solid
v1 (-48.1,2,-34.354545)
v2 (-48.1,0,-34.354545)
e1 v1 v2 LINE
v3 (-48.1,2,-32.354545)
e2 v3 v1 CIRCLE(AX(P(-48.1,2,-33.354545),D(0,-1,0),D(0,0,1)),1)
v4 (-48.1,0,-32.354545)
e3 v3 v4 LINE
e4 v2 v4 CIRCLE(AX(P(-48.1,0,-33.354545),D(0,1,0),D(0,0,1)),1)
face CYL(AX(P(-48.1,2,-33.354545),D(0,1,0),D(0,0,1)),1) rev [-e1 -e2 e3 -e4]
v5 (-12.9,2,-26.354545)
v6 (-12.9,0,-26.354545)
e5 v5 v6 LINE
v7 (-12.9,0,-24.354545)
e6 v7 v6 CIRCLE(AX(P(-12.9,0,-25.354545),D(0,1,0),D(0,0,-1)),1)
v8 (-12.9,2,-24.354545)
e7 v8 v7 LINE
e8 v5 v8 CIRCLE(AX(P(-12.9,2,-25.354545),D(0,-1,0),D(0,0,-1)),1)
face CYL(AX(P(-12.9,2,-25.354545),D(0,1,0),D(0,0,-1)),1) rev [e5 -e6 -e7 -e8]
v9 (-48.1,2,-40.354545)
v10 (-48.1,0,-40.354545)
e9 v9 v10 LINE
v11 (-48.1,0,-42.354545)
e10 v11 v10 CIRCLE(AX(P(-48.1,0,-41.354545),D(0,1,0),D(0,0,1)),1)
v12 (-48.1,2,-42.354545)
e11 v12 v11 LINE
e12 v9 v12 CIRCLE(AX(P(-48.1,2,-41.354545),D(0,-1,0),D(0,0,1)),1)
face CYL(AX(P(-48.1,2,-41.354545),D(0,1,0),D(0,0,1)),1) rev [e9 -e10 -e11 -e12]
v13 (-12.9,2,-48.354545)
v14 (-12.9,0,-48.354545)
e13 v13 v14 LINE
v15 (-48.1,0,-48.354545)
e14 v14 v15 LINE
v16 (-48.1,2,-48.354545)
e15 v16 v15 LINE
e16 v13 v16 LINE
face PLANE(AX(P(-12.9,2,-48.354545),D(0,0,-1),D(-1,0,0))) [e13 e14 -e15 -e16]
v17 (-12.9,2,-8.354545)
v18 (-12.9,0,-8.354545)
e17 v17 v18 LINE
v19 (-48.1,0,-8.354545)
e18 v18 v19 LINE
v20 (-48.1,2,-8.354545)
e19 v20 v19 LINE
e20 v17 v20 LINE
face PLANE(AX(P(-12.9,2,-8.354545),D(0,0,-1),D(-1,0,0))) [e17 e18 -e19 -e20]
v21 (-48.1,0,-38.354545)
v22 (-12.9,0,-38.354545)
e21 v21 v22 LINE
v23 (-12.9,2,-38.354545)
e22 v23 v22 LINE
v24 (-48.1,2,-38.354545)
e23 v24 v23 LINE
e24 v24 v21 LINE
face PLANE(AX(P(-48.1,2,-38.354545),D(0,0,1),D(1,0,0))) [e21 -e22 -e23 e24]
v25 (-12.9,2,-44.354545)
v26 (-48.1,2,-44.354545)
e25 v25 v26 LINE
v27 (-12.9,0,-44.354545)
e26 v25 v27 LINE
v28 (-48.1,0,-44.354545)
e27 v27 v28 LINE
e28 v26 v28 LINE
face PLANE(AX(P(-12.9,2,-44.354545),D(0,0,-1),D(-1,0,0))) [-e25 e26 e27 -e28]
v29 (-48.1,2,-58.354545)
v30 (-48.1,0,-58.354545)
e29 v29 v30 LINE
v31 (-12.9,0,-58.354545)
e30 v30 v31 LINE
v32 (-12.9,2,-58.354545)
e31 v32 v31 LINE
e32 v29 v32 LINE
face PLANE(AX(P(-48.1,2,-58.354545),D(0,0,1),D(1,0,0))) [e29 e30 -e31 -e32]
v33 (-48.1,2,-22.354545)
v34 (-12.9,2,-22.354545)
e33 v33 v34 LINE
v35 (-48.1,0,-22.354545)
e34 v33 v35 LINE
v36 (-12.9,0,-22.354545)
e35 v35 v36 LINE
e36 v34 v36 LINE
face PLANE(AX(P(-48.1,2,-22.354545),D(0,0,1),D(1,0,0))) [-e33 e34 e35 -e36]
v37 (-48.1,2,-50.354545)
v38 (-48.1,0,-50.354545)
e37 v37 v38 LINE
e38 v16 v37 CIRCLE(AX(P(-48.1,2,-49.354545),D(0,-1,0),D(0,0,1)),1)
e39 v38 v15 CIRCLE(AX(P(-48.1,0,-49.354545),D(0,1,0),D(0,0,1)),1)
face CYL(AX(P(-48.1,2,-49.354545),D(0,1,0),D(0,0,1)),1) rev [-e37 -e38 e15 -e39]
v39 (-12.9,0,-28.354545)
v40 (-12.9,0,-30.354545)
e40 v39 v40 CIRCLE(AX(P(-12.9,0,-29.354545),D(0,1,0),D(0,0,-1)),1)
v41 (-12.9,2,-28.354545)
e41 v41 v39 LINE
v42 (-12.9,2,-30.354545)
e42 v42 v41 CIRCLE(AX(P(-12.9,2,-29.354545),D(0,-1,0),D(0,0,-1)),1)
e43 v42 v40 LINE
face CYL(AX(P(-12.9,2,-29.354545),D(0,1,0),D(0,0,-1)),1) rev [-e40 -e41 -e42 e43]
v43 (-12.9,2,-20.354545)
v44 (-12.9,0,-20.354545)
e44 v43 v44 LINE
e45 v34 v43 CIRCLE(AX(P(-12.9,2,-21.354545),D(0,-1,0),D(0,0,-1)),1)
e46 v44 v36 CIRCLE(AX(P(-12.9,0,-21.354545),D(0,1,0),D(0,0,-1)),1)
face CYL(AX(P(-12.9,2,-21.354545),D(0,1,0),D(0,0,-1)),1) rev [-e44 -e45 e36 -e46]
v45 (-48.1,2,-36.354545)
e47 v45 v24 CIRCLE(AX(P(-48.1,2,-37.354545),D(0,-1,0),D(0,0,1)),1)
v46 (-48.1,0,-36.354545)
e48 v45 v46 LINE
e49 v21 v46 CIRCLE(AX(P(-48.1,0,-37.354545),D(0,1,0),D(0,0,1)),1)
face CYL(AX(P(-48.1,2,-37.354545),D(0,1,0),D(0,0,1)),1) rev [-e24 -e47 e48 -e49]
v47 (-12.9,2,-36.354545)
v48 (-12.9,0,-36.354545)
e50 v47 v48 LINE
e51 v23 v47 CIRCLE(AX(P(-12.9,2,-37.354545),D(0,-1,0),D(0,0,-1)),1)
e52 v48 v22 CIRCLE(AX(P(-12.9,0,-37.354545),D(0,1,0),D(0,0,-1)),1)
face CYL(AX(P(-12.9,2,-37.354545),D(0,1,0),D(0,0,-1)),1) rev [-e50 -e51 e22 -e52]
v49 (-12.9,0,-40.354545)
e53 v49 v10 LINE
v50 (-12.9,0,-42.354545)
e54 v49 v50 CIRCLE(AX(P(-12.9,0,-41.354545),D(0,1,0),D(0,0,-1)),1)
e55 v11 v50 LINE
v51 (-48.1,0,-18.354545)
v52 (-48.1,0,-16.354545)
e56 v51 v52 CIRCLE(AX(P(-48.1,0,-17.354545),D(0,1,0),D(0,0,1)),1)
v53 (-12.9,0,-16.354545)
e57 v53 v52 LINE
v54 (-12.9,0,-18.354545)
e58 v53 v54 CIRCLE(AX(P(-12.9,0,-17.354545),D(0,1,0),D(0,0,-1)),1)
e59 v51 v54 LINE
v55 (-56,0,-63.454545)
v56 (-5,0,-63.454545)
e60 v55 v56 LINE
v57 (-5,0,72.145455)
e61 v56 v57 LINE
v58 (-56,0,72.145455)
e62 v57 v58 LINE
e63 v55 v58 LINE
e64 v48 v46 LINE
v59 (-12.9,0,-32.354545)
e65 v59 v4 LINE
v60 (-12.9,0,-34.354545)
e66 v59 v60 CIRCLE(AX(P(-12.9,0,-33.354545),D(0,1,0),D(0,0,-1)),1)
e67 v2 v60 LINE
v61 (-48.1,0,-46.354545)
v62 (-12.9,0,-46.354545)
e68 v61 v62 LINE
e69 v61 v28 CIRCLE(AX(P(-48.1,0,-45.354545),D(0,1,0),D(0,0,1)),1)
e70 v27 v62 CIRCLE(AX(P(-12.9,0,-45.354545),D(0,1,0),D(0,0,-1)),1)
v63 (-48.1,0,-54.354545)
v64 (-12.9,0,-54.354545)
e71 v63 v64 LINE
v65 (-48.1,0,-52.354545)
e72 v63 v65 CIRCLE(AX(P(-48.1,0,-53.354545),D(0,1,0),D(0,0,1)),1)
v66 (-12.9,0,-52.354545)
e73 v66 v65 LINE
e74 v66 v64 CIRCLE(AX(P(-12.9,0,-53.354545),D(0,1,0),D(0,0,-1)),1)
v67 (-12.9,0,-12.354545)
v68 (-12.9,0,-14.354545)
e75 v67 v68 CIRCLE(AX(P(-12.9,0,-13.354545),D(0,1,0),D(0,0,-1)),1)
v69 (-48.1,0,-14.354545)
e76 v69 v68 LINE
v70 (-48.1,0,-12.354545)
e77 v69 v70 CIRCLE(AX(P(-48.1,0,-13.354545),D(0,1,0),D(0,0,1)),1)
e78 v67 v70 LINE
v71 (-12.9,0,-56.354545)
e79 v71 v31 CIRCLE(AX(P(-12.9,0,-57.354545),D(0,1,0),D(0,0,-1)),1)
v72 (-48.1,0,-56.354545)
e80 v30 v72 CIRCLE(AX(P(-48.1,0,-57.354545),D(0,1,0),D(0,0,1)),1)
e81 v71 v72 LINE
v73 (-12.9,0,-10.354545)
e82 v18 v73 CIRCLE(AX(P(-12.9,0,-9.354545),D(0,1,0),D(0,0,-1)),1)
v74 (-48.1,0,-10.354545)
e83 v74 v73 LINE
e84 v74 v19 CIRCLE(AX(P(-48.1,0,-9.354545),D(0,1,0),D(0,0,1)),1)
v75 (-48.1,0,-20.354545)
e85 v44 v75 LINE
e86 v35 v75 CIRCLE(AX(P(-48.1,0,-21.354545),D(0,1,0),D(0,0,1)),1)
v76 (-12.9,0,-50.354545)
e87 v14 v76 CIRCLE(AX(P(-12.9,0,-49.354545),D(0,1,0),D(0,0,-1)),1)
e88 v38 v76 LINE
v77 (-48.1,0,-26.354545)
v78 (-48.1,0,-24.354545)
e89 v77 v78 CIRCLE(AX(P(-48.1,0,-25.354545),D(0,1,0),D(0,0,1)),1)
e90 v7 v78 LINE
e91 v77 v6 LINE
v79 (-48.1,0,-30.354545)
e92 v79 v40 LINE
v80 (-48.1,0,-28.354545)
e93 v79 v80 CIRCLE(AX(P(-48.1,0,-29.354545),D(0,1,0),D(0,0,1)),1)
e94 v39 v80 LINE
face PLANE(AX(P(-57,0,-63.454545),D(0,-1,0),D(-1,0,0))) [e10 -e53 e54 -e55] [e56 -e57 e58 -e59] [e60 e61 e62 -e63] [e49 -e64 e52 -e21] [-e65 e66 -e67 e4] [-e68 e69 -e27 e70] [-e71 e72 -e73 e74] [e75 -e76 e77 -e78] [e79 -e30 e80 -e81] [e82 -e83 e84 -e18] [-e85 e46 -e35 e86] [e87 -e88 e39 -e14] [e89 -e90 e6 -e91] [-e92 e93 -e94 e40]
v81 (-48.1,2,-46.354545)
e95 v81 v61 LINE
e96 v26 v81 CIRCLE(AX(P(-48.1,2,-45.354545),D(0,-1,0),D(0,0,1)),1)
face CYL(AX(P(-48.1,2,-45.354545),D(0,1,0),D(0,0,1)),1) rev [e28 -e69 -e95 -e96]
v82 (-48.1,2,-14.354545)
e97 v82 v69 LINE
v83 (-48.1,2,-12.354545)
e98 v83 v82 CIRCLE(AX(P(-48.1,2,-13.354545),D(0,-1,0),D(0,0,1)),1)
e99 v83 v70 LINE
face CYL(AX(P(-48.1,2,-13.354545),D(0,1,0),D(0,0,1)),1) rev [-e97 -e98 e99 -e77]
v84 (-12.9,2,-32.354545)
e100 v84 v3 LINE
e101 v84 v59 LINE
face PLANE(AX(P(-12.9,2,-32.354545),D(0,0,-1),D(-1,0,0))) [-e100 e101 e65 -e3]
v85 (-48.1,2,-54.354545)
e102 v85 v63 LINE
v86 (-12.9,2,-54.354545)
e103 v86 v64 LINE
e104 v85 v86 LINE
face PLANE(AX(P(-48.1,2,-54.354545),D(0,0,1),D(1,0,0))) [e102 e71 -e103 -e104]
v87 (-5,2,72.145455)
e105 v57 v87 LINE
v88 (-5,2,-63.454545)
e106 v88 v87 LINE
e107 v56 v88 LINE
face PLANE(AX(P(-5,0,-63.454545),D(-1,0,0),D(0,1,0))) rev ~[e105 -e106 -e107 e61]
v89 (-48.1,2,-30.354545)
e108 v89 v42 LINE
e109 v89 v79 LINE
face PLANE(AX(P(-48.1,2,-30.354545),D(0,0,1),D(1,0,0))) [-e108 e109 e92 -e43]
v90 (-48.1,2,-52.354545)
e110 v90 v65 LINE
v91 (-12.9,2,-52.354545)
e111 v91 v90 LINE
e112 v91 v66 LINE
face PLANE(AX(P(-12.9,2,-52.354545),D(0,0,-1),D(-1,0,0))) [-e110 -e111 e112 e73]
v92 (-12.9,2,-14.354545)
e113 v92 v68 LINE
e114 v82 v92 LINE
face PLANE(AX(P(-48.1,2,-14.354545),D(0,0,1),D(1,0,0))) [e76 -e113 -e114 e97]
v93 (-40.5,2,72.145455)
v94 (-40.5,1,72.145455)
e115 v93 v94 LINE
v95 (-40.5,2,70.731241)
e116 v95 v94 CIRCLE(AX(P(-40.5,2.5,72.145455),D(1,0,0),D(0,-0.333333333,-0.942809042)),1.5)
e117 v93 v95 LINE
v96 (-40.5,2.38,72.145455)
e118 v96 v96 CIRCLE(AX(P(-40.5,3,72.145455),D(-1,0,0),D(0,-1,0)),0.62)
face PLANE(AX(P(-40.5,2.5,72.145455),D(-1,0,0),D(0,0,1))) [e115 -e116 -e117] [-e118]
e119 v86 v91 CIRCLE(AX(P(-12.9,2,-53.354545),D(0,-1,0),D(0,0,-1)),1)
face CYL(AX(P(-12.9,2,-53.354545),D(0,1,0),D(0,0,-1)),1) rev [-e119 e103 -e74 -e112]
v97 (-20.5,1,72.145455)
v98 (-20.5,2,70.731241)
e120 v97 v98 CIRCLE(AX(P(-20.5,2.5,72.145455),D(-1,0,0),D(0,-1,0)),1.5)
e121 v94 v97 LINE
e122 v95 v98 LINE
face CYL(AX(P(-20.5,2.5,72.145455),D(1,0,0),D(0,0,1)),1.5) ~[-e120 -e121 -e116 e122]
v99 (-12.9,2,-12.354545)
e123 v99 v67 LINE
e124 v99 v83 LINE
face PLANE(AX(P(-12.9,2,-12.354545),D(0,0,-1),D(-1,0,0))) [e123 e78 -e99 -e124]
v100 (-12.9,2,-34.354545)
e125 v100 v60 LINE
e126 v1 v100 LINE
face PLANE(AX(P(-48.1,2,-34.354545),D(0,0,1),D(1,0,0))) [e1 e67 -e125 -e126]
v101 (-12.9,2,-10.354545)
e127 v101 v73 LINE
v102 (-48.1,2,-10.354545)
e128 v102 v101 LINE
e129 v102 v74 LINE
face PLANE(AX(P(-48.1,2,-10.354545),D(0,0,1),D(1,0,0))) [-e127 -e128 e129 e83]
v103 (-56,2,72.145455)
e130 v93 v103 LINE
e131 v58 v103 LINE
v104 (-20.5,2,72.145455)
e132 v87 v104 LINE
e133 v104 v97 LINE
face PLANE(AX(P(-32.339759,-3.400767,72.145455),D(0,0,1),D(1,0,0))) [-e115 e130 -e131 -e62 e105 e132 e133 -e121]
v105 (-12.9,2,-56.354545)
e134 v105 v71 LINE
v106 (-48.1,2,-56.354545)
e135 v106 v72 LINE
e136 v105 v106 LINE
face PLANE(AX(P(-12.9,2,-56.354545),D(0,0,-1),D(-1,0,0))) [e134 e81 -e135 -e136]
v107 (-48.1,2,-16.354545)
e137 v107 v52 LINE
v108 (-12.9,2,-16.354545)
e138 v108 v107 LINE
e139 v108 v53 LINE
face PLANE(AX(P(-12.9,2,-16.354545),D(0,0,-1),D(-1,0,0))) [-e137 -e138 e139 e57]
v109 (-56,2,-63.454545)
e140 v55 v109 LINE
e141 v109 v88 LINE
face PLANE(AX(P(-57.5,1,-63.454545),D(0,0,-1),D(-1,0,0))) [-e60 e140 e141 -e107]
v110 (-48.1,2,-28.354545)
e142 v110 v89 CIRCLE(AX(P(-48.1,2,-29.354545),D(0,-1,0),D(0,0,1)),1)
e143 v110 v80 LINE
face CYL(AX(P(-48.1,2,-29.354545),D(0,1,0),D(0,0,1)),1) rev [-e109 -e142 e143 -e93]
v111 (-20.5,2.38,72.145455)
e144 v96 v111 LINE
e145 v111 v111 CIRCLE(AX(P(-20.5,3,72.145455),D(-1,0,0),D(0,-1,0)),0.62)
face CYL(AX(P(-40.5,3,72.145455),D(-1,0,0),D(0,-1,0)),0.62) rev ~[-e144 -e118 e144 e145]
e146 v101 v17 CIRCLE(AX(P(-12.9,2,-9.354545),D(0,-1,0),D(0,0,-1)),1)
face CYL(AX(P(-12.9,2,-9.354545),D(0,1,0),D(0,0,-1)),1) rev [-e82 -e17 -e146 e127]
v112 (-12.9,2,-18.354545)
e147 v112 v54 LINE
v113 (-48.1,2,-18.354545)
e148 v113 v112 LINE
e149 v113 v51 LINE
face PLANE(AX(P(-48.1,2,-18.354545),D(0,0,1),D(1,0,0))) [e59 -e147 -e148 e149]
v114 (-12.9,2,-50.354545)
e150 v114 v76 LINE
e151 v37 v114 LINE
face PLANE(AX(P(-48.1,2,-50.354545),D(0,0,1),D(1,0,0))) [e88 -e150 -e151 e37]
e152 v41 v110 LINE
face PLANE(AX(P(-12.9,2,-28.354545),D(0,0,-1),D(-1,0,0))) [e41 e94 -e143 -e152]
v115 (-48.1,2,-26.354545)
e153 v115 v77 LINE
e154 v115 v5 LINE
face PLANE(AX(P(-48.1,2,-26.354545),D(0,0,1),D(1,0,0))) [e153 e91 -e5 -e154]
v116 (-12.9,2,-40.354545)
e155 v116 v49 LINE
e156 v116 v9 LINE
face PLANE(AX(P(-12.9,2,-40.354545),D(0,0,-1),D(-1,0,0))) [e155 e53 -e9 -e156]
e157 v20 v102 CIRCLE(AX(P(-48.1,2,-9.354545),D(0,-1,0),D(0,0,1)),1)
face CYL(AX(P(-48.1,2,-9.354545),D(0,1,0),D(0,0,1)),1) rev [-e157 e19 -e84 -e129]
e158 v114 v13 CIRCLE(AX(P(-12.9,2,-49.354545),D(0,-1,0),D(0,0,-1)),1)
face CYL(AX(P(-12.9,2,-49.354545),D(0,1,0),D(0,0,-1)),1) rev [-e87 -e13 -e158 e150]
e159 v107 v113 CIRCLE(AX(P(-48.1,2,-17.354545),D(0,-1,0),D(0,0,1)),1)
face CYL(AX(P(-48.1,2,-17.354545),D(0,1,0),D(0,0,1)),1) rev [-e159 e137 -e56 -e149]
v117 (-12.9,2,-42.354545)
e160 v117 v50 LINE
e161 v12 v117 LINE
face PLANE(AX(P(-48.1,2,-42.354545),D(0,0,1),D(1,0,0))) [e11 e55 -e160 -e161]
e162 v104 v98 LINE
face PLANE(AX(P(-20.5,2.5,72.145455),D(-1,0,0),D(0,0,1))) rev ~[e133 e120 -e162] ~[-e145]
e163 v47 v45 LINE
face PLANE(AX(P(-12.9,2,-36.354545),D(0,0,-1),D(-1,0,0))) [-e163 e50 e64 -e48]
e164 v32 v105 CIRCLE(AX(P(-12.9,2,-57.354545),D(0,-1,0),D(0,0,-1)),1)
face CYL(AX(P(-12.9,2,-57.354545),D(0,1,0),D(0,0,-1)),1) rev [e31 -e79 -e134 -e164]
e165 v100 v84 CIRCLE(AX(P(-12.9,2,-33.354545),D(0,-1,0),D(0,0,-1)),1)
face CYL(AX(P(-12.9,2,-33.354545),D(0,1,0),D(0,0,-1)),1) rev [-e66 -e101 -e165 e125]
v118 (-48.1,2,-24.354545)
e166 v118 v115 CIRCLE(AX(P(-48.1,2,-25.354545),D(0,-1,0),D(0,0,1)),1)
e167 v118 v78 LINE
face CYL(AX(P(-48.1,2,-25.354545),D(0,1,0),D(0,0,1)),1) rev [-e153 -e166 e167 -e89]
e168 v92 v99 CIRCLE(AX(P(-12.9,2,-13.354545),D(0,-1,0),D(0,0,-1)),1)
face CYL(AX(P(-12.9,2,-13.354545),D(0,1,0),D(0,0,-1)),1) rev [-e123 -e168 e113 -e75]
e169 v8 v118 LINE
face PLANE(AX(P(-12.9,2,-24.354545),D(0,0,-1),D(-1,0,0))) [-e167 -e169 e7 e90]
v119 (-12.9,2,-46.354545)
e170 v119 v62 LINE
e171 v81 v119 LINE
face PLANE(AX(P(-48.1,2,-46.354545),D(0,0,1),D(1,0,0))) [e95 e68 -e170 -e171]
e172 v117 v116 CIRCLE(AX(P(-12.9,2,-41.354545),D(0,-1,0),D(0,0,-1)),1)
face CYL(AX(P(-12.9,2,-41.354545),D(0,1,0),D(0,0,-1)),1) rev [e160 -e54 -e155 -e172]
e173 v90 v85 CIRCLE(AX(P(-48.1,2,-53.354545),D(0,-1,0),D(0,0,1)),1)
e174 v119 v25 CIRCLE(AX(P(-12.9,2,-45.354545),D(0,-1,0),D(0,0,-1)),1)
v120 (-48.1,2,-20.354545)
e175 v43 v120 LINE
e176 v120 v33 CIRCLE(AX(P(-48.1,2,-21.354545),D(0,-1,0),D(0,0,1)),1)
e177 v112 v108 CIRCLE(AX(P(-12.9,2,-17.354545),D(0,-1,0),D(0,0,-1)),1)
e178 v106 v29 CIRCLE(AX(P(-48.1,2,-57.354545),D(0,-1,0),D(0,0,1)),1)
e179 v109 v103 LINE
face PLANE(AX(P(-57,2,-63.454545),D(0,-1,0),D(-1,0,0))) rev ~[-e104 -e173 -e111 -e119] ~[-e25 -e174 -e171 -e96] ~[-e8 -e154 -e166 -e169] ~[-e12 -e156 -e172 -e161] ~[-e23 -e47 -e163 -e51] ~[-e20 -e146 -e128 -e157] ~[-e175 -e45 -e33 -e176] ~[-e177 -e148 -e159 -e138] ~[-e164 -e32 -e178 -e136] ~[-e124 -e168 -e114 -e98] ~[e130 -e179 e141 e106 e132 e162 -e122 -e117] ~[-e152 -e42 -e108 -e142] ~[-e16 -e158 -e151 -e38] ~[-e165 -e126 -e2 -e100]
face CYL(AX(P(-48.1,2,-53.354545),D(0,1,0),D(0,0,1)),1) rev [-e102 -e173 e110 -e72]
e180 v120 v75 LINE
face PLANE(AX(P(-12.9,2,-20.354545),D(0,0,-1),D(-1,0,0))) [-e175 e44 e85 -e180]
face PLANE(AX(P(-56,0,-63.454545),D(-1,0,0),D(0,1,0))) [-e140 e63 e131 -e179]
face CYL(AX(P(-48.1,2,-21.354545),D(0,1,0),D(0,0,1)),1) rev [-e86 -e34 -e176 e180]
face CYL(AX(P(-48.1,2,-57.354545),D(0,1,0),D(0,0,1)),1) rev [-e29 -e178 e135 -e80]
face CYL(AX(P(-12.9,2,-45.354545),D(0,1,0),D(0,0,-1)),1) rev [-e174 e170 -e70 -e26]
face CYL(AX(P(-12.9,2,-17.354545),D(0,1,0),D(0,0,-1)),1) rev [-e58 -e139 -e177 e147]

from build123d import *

# Parameters (mm, degrees)
SKETCH1_W                = 51
SKETCH1_H                = 136
BOSS_EXTRUDE1_DEPTH      = 2
CUT_EXTRUDE1_DEPTH       = 10
SKETCH5_W                = 1
SKETCH5_H                = 2
BOSS_EXTRUDE2_DEPTH      = 136
SKETCH6_W                = 1
SKETCH6_H                = 2
BOSS_EXTRUDE3_DEPTH      = 136
SKETCH7_W                = 68.795835126
SKETCH7_H                = 26.425628728
CUT_EXTRUDE2_DEPTH       = 0.4
SKETCH8_W                = 2
SKETCH8_H                = 2
CUT_EXTRUDE3_DEPTH       = 135.6
BOSS_EXTRUDE6_DEPTH      = 10
BOSS_EXTRUDE6_DEPTH_BACK = 10
SKETCH11_R               = 1.5
SKETCH14_R               = 0.62
CUT_EXTRUDE5_DEPTH       = 20


with BuildPart() as part:
    # Sketch1 → Boss-Extrude1 (new body)
    with BuildSketch(Plane(origin=(0, 0, 0), x_dir=(1, 0, 0), z_dir=(0, 1, 0))):
        with Locations((-30.5, -4.545454545)):
            Rectangle(SKETCH1_W, SKETCH1_H)
    extrude(amount=BOSS_EXTRUDE1_DEPTH)

    # Sketch4 → Cut-Extrude1 (cut)
    with BuildSketch(Plane(origin=(0, 2, 0), x_dir=(1, 0, 0), z_dir=(0, 1, 0))):
        with BuildLine():
            Line((-48.1, 58.354545455), (-12.9, 58.354545455))
            ThreePointArc((-12.9, 58.354545455), (-11.9, 57.354545455), (-12.9, 56.354545455))
            Line((-12.9, 56.354545455), (-48.1, 56.354545455))
            ThreePointArc((-48.1, 56.354545455), (-49.1, 57.354545455), (-48.1, 58.354545455))
        make_face()
        with BuildLine():
            Line((-48.1, 54.354545455), (-12.9, 54.354545455))
            ThreePointArc((-12.9, 54.354545455), (-11.9, 53.354545455), (-12.9, 52.354545455))
            Line((-12.9, 52.354545455), (-48.1, 52.354545455))
            ThreePointArc((-48.1, 52.354545455), (-49.1, 53.354545455), (-48.1, 54.354545455))
        make_face()
        with BuildLine():
            Line((-48.1, 50.354545455), (-12.9, 50.354545455))
            ThreePointArc((-12.9, 50.354545455), (-11.9, 49.354545455), (-12.9, 48.354545455))
            Line((-12.9, 48.354545455), (-48.1, 48.354545455))
            ThreePointArc((-48.1, 48.354545455), (-49.1, 49.354545455), (-48.1, 50.354545455))
        make_face()
        with BuildLine():
            Line((-48.1, 46.354545455), (-12.9, 46.354545455))
            ThreePointArc((-12.9, 46.354545455), (-11.9, 45.354545455), (-12.9, 44.354545455))
            Line((-12.9, 44.354545455), (-48.1, 44.354545455))
            ThreePointArc((-48.1, 44.354545455), (-49.1, 45.354545455), (-48.1, 46.354545455))
        make_face()
        with BuildLine():
            Line((-48.1, 42.354545455), (-12.9, 42.354545455))
            ThreePointArc((-12.9, 42.354545455), (-11.9, 41.354545455), (-12.9, 40.354545455))
            Line((-12.9, 40.354545455), (-48.1, 40.354545455))
            ThreePointArc((-48.1, 40.354545455), (-49.1, 41.354545455), (-48.1, 42.354545455))
        make_face()
        with BuildLine():
            Line((-48.1, 38.354545455), (-12.9, 38.354545455))
            ThreePointArc((-12.9, 38.354545455), (-11.9, 37.354545455), (-12.9, 36.354545455))
            Line((-12.9, 36.354545455), (-48.1, 36.354545455))
            ThreePointArc((-48.1, 36.354545455), (-49.1, 37.354545455), (-48.1, 38.354545455))
        make_face()
        with BuildLine():
            Line((-48.1, 34.354545455), (-12.9, 34.354545455))
            ThreePointArc((-12.9, 34.354545455), (-11.9, 33.354545455), (-12.9, 32.354545455))
            Line((-12.9, 32.354545455), (-48.1, 32.354545455))
            ThreePointArc((-48.1, 32.354545455), (-49.1, 33.354545455), (-48.1, 34.354545455))
        make_face()
        with BuildLine():
            Line((-48.1, 30.354545455), (-12.9, 30.354545455))
            ThreePointArc((-12.9, 30.354545455), (-11.9, 29.354545455), (-12.9, 28.354545455))
            Line((-12.9, 28.354545455), (-48.1, 28.354545455))
            ThreePointArc((-48.1, 28.354545455), (-49.1, 29.354545455), (-48.1, 30.354545455))
        make_face()
        with BuildLine():
            Line((-48.1, 26.354545455), (-12.9, 26.354545455))
            ThreePointArc((-12.9, 26.354545455), (-11.9, 25.354545455), (-12.9, 24.354545455))
            Line((-12.9, 24.354545455), (-48.1, 24.354545455))
            ThreePointArc((-48.1, 24.354545455), (-49.1, 25.354545455), (-48.1, 26.354545455))
        make_face()
        with BuildLine():
            Line((-48.1, 22.354545455), (-12.9, 22.354545455))
            ThreePointArc((-12.9, 22.354545455), (-11.9, 21.354545455), (-12.9, 20.354545455))
            Line((-12.9, 20.354545455), (-48.1, 20.354545455))
            ThreePointArc((-48.1, 20.354545455), (-49.1, 21.354545455), (-48.1, 22.354545455))
        make_face()
        with BuildLine():
            Line((-48.1, 18.354545455), (-12.9, 18.354545455))
            ThreePointArc((-12.9, 18.354545455), (-11.9, 17.354545455), (-12.9, 16.354545455))
            Line((-12.9, 16.354545455), (-48.1, 16.354545455))
            ThreePointArc((-48.1, 16.354545455), (-49.1, 17.354545455), (-48.1, 18.354545455))
        make_face()
        with BuildLine():
            Line((-48.1, 14.354545455), (-12.9, 14.354545455))
            ThreePointArc((-12.9, 14.354545455), (-11.9, 13.354545455), (-12.9, 12.354545455))
            Line((-12.9, 12.354545455), (-48.1, 12.354545455))
            ThreePointArc((-48.1, 12.354545455), (-49.1, 13.354545455), (-48.1, 14.354545455))
        make_face()
        with BuildLine():
            Line((-48.1, 10.354545455), (-12.9, 10.354545455))
            ThreePointArc((-12.9, 10.354545455), (-11.9, 9.354545455), (-12.9, 8.354545455))
            Line((-12.9, 8.354545455), (-48.1, 8.354545455))
            ThreePointArc((-48.1, 8.354545455), (-49.1, 9.354545455), (-48.1, 10.354545455))
        make_face()
    extrude(amount=-CUT_EXTRUDE1_DEPTH, mode=Mode.SUBTRACT)

    # Sketch5 → Boss-Extrude2 (add)
    with BuildSketch(Plane(origin=(0, 0, -63.454545455), x_dir=(-1, 0, 0), z_dir=(0, 0, -1))):
        with Locations((56.5, 1)):
            Rectangle(SKETCH5_W, SKETCH5_H)
        with Locations((4.5, 1)):
            Rectangle(SKETCH5_W, SKETCH5_H)
    extrude(amount=-BOSS_EXTRUDE2_DEPTH)

    # Sketch6 → Boss-Extrude3 (add)
    with BuildSketch(Plane(origin=(0, 0, -63.454545455), x_dir=(-1, 0, 0), z_dir=(0, 0, -1))):
        with Locations((57.5, 1)):
            Rectangle(SKETCH6_W, SKETCH6_H)
        with Locations((3.5, 1)):
            Rectangle(SKETCH6_W, SKETCH6_H)
    extrude(amount=-BOSS_EXTRUDE3_DEPTH)

    # Sketch7 → Cut-Extrude2 (cut)
    with BuildSketch(Plane.XY.offset(72.545454545)):
        with Locations((-32.339758962, -3.400766566)):
            Rectangle(SKETCH7_W, SKETCH7_H)
    extrude(amount=-CUT_EXTRUDE2_DEPTH, mode=Mode.SUBTRACT)

    # Sketch8 → Cut-Extrude3 (cut)
    with BuildSketch(Plane(origin=(0, 0, -63.454545455), x_dir=(-1, 0, 0), z_dir=(0, 0, -1))):
        with Locations((4, 1)):
            Rectangle(SKETCH8_W, SKETCH8_H)
        with Locations((57, 1)):
            Rectangle(SKETCH8_W, SKETCH8_H)
    extrude(amount=-CUT_EXTRUDE3_DEPTH, mode=Mode.SUBTRACT)

    # Sketch11 → Boss-Extrude6 (add, two sides: drawn at the far end of the back side and taken through both)
    with BuildSketch(Plane.ZY.offset(30.5).offset(-BOSS_EXTRUDE6_DEPTH_BACK)):
        with Locations((72.145454545, 2.5)):
            Circle(SKETCH11_R)
    extrude(amount=BOSS_EXTRUDE6_DEPTH + BOSS_EXTRUDE6_DEPTH_BACK)

    # Sketch14 → Cut-Extrude5 (cut)
    with BuildSketch(Plane.ZY.offset(40.5)):
        with Locations(Location((72.145454545, 3, 0), (0, 0, 270))):
            Circle(SKETCH14_R)
    extrude(amount=-CUT_EXTRUDE5_DEPTH, mode=Mode.SUBTRACT)


solid = part.part
